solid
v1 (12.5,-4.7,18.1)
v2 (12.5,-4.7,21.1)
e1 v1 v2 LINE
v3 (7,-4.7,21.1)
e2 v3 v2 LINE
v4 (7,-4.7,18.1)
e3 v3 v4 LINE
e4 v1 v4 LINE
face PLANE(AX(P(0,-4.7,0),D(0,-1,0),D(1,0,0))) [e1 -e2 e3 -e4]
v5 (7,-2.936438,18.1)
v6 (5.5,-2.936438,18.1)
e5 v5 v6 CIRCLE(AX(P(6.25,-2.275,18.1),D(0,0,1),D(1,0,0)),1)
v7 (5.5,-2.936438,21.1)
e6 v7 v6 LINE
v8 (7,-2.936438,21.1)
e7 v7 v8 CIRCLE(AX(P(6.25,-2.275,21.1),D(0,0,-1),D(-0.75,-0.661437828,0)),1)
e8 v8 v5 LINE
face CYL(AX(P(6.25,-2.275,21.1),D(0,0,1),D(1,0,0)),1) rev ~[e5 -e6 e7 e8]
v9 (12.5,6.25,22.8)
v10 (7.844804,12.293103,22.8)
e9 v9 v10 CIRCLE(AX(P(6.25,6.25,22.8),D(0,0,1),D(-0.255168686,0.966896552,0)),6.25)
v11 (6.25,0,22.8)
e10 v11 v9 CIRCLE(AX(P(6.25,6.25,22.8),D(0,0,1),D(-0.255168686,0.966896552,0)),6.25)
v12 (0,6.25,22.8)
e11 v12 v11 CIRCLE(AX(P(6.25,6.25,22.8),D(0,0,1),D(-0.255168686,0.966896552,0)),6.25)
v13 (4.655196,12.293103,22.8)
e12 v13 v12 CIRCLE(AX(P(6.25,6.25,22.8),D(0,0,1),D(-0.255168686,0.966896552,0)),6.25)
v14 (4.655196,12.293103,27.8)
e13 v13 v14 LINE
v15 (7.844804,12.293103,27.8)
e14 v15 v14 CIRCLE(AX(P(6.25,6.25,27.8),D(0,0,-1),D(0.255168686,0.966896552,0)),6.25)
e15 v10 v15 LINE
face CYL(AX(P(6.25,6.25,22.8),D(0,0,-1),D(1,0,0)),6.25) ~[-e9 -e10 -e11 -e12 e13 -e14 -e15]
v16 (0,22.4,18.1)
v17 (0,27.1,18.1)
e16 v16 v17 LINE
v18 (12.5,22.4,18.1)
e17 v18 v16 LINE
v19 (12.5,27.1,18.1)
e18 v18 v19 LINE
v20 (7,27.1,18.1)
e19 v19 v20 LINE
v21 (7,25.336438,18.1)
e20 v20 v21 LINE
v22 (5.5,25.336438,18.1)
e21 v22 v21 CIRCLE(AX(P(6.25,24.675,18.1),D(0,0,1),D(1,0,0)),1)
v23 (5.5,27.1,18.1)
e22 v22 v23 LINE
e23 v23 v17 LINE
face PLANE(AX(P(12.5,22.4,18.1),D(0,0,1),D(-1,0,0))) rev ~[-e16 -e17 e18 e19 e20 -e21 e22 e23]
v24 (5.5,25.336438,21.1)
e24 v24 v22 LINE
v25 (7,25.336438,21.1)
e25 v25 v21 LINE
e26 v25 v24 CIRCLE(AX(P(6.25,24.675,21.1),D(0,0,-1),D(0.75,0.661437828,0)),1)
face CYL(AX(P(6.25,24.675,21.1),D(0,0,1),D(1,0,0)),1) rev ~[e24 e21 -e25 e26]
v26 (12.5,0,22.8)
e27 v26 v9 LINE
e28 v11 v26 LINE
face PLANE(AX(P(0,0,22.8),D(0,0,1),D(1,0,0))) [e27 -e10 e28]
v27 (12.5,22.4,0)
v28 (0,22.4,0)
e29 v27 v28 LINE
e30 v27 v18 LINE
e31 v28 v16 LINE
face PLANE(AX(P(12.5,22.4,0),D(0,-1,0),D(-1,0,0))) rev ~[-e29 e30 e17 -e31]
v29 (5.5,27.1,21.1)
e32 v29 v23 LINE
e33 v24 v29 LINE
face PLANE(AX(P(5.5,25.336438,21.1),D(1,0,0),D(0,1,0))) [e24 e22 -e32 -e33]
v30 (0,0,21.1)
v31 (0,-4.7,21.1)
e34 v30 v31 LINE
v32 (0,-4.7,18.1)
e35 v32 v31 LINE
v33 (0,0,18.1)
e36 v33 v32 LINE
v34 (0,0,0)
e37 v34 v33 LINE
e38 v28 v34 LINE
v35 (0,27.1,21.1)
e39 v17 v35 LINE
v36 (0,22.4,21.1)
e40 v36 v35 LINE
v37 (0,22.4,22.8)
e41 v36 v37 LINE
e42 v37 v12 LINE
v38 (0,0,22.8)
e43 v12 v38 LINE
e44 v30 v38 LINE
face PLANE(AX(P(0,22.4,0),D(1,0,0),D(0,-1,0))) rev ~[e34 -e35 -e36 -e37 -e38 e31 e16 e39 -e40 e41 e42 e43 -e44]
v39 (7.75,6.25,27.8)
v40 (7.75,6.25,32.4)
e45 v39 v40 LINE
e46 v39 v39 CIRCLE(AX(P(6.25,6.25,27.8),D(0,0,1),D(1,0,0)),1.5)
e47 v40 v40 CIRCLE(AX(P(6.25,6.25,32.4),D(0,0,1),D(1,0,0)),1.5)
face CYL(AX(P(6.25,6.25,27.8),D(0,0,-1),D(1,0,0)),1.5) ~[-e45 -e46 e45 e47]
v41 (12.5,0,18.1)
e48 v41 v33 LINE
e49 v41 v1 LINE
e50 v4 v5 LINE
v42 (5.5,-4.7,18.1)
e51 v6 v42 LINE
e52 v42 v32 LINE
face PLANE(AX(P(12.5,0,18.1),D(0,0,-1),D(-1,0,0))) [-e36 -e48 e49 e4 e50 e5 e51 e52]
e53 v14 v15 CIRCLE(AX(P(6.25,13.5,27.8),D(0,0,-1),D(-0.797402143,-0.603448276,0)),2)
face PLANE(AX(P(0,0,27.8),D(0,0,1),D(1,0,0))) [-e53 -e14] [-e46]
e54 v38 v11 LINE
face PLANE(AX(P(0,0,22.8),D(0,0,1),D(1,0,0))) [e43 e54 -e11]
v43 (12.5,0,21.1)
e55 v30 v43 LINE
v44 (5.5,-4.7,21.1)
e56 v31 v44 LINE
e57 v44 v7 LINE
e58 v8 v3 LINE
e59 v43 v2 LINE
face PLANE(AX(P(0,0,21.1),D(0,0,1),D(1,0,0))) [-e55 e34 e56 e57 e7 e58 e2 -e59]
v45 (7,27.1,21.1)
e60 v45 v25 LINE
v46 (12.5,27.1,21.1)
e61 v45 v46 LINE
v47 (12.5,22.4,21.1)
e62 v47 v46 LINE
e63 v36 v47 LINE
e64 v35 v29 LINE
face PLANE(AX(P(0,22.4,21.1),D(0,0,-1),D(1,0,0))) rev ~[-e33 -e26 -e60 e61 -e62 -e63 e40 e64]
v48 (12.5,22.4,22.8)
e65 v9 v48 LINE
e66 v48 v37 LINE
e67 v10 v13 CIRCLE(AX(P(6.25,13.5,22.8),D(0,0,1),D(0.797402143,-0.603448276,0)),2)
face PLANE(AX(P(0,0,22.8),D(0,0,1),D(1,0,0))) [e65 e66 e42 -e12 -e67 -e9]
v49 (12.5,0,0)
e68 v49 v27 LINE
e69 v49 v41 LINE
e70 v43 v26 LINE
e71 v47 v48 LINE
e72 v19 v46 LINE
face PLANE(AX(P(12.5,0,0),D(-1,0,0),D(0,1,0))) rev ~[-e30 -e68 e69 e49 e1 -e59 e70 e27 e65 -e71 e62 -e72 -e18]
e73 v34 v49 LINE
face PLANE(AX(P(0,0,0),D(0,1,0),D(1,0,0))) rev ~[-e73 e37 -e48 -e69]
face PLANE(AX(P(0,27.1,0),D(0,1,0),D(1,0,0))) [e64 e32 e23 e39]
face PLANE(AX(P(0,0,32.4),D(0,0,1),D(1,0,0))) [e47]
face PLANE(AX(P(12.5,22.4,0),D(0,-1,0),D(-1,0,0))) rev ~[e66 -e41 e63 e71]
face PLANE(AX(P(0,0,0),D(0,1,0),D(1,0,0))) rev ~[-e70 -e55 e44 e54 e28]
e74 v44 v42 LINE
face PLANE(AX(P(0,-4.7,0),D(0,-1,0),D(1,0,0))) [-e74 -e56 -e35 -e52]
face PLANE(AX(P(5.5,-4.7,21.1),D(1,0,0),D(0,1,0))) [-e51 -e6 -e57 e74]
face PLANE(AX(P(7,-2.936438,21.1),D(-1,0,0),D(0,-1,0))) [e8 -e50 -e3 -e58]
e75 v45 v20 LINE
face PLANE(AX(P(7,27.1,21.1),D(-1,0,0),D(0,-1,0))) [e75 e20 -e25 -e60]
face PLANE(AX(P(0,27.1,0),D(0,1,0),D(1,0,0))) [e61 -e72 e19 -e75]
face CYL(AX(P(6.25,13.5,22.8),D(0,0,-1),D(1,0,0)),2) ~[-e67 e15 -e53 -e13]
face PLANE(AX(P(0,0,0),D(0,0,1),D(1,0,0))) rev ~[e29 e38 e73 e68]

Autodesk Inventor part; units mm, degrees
ref_plane "YZ Plane" through (0, 0, 0) normal (1, 0, 0) x (0, 1, 0)
ref_plane "XZ Plane" through (0, 0, 0) normal (0, 1, 0) x (-1, 0, 0)
ref_plane "XY Plane" through (0, 0, 0) normal (0, 0, 1) x (1, 0, 0)
sketch "Эскиз2" plane through (0, 0, 0) normal (0, 0, 1) x (1, 0, 0)
  line L0 (0, 0) -> (12.5, 0)
  line L1 (12.5, 0) -> (12.5, 22.4)
  line L2 (12.5, 22.4) -> (0, 22.4)
  line L3 (0, 22.4) -> (0, 0)
  dimension "d0" = 12.5
  dimension "d1" = 22.4
extrude "Выдавливание1" add sketch "Эскиз2" along normal blind 22.8
sketch "Эскиз3" plane through (0, 22.4, 0) normal (0, 1, 0) x (1, 0, 0)
  line L0 (12.5, 0) -> (0, 0) projected
  line L1 (12.5, 0) -> (12.5, -18.1)
  line L2 (12.5, 0) -> (12.5, -22.8) projected
  line L3 (0, 0) -> (0, -22.8) projected
  line L4 (12.5, -18.1) -> (0, -18.1)
  line L5 (0, -18.1) -> (0, -21.1)
  line L6 (0, -21.1) -> (12.5, -21.1)
  line L7 (12.5, -21.1) -> (12.5, -18.1)
  point P0 (12.5, -21.1)
  point P1 (0, -18.1)
  dimension "d4" = 18.1
  dimension "d5" = 3
extrude "Выдавливание2" add sketch "Эскиз3" along normal blind 4.7 contours L2 L6 L3 L4
sketch "Эскиз4" plane through (0, 0, 0) normal (0, -1, 0) x (1, 0, 0)
  line L0 (12.2114, 0) -> (12.5, 16.0974)
  line L1 (12.5, 0) -> (12.5, 22.8) projected
  line L2 (12.5, 21.1) -> (12.5, 18.1) projected
  line L3 (0, 18.1) -> (0, 21.1) projected
  line L4 (12.5, 18.1) -> (0, 18.1)
  line L5 (0, 18.1) -> (0, 21.1)
  line L6 (0, 21.1) -> (12.5, 21.1)
  line L7 (12.5, 21.1) -> (12.5, 18.1)
  point P0 (0, 0)
  point P1 (12.5, 21.1)
  point P2 (0, 18.1)
  dimension "d8" = 16.1
  dimension "d9" = 3
extrude "Выдавливание3" add sketch "Эскиз4" along normal blind 4.7
sketch "Эскиз5" plane through (0, 0, 21.1) normal (0, 0, 1) x (1, 0, 0)
  line L0 (0, -4.7) -> (12.5, -4.7) projected
  line L1 (6.25, -4.7) -> (6.25, -2.275)
  line L2 (12.5, 27.1) -> (0, 27.1) projected
  line L3 (6.25, 27.1) -> (6.25, 24.675)
  circle A0 centre (6.25, -2.275) radius 1
  circle A1 centre (6.25, 24.675) radius 1
  line L4 (6.25, -2.275) -> (7, -2.275)
  line L5 (7, -2.275) -> (7, -4.7)
  line L6 (7, -4.7) -> (6.25, -4.7)
  line L7 (6.25, -4.7) -> (6.25, -2.275)
  line L8 (6.25, -4.7) -> (5.5, -4.7)
  line L9 (5.5, -4.7) -> (5.5, -2.275)
  line L10 (5.5, -2.275) -> (6.25, -2.275)
  line L11 (6.25, -2.275) -> (6.25, -4.7)
  line L12 (6.25, 27.1) -> (7, 27.1)
  line L13 (7, 27.1) -> (7, 24.675)
  line L14 (7, 24.675) -> (6.25, 24.675)
  line L15 (6.25, 24.675) -> (6.25, 27.1)
  line L16 (6.25, 24.675) -> (5.5, 24.675)
  line L17 (5.5, 24.675) -> (5.5, 27.1)
  line L18 (5.5, 27.1) -> (6.25, 27.1)
  line L19 (6.25, 27.1) -> (6.25, 24.675)
  point P0 (0, 0)
  point P1 (5.5, 25.3364)
  point P2 (7, 25.3364)
  point P3 (5.5, -2.9364)
  point P4 (7, -2.9364)
  dimension "d12" = 2.425
  dimension "d13" = 2.425
  dimension "d14" = 2
  dimension "d15" = 2
  dimension "d16" = 0.75
  dimension "d17" = 0.75
  dimension "d18" = 0.75
  dimension "d19" = 0.75
extrude "Выдавливание4" cut sketch "Эскиз5" against normal through all
sketch "Эскиз6" plane through (0, 0, 22.8) normal (0, 0, 1) x (1, 0, 0)
  line L0 (12.5, 0) -> (0, 0) projected
  line L1 (6.25, 0) -> (6.25, 6.25)
  circle A0 centre (6.25, 6.25) radius 6.25
  line L2 (6.25, 6.25) -> (6.25, 13.5)
  circle A1 centre (6.25, 13.5) radius 2
  point P0 (7.8448, 12.2931)
  dimension "d22" = 6.25
  dimension "d23" = 12.5
  dimension "d24" = 7.25
  dimension "d25" = 4
extrude "Выдавливание5" add sketch "Эскиз6" along normal blind 5
sketch "Эскиз7" plane through (0, 0, 27.8) normal (0, 0, 1) x (1, 0, 0)
  arc A0 (4.6552, 12.2931) -> (0, 6.25) centre (6.25, 6.25) ccw projected
  circle A1 centre (6.25, 6.25) radius 1.5
  point P0 (0, 0)
  dimension "d28" = 3
extrude "Выдавливание6" add sketch "Эскиз7" along normal blind 4.6
properties part number "Сервопривод SG90"
